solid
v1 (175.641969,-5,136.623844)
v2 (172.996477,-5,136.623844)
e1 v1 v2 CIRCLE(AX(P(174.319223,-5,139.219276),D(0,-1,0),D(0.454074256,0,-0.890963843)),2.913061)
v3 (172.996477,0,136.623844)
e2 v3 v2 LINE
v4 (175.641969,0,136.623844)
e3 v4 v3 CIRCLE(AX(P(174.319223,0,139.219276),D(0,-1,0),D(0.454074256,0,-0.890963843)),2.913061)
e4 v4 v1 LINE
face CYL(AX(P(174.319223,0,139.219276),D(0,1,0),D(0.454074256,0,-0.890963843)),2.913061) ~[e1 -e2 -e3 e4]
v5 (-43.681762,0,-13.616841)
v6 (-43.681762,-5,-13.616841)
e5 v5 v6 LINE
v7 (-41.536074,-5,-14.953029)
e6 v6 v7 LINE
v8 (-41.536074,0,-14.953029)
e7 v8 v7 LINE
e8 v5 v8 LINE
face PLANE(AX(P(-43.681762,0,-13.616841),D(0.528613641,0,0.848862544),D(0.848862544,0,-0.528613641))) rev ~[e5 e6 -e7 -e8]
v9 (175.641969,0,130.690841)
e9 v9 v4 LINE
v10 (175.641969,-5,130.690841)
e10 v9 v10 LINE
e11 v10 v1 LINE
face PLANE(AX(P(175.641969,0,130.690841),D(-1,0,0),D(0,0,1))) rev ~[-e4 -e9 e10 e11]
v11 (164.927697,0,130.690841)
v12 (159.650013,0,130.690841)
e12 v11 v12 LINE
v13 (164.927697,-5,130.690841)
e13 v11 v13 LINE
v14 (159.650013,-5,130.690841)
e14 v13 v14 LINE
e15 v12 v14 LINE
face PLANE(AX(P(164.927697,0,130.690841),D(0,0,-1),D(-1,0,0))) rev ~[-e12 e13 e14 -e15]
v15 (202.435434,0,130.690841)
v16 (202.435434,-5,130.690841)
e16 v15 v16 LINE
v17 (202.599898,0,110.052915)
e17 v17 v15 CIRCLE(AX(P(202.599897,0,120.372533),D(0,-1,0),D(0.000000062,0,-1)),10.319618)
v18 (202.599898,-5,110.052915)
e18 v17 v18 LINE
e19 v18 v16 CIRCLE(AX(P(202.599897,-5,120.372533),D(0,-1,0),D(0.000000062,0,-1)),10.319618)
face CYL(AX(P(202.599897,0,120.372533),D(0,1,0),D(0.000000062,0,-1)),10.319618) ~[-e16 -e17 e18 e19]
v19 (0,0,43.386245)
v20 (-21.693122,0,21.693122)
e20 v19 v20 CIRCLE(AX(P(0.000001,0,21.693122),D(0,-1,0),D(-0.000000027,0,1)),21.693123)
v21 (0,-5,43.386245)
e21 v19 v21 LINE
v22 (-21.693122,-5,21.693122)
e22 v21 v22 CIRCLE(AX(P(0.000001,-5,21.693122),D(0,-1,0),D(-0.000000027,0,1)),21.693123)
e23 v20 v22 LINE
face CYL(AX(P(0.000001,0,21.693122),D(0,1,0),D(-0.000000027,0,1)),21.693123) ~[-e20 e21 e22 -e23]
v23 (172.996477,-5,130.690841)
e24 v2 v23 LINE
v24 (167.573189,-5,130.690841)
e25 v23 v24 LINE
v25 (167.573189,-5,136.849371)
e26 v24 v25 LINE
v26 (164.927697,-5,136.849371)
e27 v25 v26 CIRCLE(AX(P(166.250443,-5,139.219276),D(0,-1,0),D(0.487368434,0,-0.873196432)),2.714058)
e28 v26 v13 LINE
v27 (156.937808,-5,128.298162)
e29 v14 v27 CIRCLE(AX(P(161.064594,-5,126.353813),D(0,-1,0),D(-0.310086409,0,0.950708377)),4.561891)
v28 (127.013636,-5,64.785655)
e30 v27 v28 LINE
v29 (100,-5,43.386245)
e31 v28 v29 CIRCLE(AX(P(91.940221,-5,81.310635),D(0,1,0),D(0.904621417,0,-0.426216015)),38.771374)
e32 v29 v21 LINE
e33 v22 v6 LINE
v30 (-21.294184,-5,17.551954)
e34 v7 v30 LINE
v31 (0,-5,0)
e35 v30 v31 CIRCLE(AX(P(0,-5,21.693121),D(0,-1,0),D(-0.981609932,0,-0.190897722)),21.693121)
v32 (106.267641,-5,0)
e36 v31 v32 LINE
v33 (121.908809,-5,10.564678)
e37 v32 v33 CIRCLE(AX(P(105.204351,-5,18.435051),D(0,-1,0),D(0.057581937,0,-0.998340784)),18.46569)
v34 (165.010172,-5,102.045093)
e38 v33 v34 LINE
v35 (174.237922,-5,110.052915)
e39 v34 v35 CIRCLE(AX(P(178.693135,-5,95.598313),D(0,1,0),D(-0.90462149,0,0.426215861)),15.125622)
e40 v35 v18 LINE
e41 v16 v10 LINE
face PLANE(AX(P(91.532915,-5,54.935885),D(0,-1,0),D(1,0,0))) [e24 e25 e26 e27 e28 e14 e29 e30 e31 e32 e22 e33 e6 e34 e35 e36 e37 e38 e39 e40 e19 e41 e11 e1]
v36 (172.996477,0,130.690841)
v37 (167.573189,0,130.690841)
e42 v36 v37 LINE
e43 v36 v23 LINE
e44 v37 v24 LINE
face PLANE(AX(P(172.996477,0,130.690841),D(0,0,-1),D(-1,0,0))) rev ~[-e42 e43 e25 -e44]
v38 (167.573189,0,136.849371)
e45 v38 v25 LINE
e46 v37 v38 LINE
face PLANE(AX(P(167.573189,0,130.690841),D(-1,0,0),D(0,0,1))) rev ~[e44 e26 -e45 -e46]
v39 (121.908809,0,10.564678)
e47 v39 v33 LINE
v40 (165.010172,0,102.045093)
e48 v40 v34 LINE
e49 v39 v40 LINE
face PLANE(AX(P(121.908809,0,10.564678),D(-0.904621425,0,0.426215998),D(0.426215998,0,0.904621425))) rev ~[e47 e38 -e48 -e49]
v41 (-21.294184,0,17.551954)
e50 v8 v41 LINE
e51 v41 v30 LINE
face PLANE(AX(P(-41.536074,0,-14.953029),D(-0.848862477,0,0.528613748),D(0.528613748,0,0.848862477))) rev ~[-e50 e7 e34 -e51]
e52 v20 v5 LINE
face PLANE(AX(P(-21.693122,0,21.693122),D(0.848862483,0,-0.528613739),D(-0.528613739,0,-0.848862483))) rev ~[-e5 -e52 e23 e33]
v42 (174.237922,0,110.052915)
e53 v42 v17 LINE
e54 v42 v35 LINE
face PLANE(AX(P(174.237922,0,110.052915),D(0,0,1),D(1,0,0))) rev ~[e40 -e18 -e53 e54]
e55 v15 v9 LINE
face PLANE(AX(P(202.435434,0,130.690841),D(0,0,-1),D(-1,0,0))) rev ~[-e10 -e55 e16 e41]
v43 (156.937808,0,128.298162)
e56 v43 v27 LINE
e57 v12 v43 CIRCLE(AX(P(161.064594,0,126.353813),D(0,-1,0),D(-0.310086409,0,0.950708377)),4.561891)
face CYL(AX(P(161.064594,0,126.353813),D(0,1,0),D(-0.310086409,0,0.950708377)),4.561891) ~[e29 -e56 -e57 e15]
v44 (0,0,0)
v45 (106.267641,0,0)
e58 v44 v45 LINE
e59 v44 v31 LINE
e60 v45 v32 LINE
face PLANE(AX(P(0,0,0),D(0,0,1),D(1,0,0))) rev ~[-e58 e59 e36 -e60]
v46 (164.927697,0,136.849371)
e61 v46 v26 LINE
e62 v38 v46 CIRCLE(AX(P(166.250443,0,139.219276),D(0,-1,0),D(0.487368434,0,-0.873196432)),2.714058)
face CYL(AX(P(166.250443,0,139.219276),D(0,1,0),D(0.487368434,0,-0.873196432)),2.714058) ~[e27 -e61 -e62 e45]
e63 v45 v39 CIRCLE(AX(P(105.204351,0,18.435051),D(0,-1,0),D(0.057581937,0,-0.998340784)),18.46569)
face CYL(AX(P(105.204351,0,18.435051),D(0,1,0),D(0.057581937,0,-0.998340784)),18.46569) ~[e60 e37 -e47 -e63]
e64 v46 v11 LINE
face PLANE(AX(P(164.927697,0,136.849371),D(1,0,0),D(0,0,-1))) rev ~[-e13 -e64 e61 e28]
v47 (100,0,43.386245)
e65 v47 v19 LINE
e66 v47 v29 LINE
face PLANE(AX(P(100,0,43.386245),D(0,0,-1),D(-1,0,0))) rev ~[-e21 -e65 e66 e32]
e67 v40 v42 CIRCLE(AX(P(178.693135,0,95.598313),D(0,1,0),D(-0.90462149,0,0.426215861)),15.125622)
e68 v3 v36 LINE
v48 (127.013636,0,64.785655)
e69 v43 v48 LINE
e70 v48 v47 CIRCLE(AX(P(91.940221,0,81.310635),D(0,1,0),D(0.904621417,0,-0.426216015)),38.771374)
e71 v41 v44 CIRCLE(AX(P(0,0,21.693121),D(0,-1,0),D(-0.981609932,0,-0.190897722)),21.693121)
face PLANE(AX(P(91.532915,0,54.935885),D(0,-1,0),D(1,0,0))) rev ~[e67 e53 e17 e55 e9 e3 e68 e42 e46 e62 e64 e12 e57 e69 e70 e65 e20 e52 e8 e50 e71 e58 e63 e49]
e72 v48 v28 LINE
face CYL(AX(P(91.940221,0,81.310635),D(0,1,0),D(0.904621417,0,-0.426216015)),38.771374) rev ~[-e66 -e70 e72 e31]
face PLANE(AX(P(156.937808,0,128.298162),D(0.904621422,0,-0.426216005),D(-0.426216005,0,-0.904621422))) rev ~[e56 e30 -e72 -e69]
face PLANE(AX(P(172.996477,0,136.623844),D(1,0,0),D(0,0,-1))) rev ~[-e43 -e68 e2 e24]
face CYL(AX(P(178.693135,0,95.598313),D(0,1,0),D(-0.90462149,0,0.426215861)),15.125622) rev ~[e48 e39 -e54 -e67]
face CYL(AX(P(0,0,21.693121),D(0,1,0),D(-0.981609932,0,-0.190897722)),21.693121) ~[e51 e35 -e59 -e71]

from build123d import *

# Parameters (mm, degrees)
F1_DEPTH = 5


with BuildPart() as f1:
    # F0 (on Front) → F1 (new body)
    with BuildSketch(Plane.XZ):
        with BuildLine():
            ThreePointArc((-21.294184, 17.551954), (-13.797766, 4.953552), (0, 0))
            Line((0, 0), (106.267641, 0))
            ThreePointArc((106.267641, 0), (115.540033, 3.132915), (121.908809, 10.564678))
            Line((121.908809, 10.564678), (165.010172, 102.045093))
            ThreePointArc((165.010172, 102.045093), (168.779525, 107.022182), (174.237922, 110.052915))
            Line((174.237922, 110.052915), (202.599898, 110.052915))
            ThreePointArc((202.599898, 110.052915), (212.919188, 120.454768), (202.435434, 130.690841))
            Line((202.435434, 130.690841), (175.641969, 130.690841))
            Line((175.641969, 130.690841), (175.641969, 136.623844))
            ThreePointArc((175.641969, 136.623844), (174.319223, 142.132337), (172.996477, 136.623844))
            Line((172.996477, 136.623844), (172.996477, 130.690841))
            Line((172.996477, 130.690841), (167.573189, 130.690841))
            Line((167.573189, 130.690841), (167.573189, 136.849371))
            ThreePointArc((167.573189, 136.849371), (166.250443, 141.933334), (164.927697, 136.849371))
            Line((164.927697, 136.849371), (164.927697, 130.690841))
            Line((164.927697, 130.690841), (159.650013, 130.690841))
            ThreePointArc((159.650013, 130.690841), (158.046662, 129.774769), (156.937808, 128.298162))
            Line((156.937808, 128.298162), (127.013636, 64.785655))
            ThreePointArc((127.013636, 64.785655), (116.015141, 50.919557), (100, 43.386245))
            Line((100, 43.386245), (0, 43.386245))
            ThreePointArc((0, 43.386245), (-15.339354, 37.032476), (-21.693122, 21.693122))
            Line((-21.693122, 21.693122), (-43.681762, -13.616841))
            Line((-43.681762, -13.616841), (-41.536074, -14.953029))
            Line((-41.536074, -14.953029), (-21.294184, 17.551954))
        make_face()
    extrude(amount=F1_DEPTH)


solid = f1.part
